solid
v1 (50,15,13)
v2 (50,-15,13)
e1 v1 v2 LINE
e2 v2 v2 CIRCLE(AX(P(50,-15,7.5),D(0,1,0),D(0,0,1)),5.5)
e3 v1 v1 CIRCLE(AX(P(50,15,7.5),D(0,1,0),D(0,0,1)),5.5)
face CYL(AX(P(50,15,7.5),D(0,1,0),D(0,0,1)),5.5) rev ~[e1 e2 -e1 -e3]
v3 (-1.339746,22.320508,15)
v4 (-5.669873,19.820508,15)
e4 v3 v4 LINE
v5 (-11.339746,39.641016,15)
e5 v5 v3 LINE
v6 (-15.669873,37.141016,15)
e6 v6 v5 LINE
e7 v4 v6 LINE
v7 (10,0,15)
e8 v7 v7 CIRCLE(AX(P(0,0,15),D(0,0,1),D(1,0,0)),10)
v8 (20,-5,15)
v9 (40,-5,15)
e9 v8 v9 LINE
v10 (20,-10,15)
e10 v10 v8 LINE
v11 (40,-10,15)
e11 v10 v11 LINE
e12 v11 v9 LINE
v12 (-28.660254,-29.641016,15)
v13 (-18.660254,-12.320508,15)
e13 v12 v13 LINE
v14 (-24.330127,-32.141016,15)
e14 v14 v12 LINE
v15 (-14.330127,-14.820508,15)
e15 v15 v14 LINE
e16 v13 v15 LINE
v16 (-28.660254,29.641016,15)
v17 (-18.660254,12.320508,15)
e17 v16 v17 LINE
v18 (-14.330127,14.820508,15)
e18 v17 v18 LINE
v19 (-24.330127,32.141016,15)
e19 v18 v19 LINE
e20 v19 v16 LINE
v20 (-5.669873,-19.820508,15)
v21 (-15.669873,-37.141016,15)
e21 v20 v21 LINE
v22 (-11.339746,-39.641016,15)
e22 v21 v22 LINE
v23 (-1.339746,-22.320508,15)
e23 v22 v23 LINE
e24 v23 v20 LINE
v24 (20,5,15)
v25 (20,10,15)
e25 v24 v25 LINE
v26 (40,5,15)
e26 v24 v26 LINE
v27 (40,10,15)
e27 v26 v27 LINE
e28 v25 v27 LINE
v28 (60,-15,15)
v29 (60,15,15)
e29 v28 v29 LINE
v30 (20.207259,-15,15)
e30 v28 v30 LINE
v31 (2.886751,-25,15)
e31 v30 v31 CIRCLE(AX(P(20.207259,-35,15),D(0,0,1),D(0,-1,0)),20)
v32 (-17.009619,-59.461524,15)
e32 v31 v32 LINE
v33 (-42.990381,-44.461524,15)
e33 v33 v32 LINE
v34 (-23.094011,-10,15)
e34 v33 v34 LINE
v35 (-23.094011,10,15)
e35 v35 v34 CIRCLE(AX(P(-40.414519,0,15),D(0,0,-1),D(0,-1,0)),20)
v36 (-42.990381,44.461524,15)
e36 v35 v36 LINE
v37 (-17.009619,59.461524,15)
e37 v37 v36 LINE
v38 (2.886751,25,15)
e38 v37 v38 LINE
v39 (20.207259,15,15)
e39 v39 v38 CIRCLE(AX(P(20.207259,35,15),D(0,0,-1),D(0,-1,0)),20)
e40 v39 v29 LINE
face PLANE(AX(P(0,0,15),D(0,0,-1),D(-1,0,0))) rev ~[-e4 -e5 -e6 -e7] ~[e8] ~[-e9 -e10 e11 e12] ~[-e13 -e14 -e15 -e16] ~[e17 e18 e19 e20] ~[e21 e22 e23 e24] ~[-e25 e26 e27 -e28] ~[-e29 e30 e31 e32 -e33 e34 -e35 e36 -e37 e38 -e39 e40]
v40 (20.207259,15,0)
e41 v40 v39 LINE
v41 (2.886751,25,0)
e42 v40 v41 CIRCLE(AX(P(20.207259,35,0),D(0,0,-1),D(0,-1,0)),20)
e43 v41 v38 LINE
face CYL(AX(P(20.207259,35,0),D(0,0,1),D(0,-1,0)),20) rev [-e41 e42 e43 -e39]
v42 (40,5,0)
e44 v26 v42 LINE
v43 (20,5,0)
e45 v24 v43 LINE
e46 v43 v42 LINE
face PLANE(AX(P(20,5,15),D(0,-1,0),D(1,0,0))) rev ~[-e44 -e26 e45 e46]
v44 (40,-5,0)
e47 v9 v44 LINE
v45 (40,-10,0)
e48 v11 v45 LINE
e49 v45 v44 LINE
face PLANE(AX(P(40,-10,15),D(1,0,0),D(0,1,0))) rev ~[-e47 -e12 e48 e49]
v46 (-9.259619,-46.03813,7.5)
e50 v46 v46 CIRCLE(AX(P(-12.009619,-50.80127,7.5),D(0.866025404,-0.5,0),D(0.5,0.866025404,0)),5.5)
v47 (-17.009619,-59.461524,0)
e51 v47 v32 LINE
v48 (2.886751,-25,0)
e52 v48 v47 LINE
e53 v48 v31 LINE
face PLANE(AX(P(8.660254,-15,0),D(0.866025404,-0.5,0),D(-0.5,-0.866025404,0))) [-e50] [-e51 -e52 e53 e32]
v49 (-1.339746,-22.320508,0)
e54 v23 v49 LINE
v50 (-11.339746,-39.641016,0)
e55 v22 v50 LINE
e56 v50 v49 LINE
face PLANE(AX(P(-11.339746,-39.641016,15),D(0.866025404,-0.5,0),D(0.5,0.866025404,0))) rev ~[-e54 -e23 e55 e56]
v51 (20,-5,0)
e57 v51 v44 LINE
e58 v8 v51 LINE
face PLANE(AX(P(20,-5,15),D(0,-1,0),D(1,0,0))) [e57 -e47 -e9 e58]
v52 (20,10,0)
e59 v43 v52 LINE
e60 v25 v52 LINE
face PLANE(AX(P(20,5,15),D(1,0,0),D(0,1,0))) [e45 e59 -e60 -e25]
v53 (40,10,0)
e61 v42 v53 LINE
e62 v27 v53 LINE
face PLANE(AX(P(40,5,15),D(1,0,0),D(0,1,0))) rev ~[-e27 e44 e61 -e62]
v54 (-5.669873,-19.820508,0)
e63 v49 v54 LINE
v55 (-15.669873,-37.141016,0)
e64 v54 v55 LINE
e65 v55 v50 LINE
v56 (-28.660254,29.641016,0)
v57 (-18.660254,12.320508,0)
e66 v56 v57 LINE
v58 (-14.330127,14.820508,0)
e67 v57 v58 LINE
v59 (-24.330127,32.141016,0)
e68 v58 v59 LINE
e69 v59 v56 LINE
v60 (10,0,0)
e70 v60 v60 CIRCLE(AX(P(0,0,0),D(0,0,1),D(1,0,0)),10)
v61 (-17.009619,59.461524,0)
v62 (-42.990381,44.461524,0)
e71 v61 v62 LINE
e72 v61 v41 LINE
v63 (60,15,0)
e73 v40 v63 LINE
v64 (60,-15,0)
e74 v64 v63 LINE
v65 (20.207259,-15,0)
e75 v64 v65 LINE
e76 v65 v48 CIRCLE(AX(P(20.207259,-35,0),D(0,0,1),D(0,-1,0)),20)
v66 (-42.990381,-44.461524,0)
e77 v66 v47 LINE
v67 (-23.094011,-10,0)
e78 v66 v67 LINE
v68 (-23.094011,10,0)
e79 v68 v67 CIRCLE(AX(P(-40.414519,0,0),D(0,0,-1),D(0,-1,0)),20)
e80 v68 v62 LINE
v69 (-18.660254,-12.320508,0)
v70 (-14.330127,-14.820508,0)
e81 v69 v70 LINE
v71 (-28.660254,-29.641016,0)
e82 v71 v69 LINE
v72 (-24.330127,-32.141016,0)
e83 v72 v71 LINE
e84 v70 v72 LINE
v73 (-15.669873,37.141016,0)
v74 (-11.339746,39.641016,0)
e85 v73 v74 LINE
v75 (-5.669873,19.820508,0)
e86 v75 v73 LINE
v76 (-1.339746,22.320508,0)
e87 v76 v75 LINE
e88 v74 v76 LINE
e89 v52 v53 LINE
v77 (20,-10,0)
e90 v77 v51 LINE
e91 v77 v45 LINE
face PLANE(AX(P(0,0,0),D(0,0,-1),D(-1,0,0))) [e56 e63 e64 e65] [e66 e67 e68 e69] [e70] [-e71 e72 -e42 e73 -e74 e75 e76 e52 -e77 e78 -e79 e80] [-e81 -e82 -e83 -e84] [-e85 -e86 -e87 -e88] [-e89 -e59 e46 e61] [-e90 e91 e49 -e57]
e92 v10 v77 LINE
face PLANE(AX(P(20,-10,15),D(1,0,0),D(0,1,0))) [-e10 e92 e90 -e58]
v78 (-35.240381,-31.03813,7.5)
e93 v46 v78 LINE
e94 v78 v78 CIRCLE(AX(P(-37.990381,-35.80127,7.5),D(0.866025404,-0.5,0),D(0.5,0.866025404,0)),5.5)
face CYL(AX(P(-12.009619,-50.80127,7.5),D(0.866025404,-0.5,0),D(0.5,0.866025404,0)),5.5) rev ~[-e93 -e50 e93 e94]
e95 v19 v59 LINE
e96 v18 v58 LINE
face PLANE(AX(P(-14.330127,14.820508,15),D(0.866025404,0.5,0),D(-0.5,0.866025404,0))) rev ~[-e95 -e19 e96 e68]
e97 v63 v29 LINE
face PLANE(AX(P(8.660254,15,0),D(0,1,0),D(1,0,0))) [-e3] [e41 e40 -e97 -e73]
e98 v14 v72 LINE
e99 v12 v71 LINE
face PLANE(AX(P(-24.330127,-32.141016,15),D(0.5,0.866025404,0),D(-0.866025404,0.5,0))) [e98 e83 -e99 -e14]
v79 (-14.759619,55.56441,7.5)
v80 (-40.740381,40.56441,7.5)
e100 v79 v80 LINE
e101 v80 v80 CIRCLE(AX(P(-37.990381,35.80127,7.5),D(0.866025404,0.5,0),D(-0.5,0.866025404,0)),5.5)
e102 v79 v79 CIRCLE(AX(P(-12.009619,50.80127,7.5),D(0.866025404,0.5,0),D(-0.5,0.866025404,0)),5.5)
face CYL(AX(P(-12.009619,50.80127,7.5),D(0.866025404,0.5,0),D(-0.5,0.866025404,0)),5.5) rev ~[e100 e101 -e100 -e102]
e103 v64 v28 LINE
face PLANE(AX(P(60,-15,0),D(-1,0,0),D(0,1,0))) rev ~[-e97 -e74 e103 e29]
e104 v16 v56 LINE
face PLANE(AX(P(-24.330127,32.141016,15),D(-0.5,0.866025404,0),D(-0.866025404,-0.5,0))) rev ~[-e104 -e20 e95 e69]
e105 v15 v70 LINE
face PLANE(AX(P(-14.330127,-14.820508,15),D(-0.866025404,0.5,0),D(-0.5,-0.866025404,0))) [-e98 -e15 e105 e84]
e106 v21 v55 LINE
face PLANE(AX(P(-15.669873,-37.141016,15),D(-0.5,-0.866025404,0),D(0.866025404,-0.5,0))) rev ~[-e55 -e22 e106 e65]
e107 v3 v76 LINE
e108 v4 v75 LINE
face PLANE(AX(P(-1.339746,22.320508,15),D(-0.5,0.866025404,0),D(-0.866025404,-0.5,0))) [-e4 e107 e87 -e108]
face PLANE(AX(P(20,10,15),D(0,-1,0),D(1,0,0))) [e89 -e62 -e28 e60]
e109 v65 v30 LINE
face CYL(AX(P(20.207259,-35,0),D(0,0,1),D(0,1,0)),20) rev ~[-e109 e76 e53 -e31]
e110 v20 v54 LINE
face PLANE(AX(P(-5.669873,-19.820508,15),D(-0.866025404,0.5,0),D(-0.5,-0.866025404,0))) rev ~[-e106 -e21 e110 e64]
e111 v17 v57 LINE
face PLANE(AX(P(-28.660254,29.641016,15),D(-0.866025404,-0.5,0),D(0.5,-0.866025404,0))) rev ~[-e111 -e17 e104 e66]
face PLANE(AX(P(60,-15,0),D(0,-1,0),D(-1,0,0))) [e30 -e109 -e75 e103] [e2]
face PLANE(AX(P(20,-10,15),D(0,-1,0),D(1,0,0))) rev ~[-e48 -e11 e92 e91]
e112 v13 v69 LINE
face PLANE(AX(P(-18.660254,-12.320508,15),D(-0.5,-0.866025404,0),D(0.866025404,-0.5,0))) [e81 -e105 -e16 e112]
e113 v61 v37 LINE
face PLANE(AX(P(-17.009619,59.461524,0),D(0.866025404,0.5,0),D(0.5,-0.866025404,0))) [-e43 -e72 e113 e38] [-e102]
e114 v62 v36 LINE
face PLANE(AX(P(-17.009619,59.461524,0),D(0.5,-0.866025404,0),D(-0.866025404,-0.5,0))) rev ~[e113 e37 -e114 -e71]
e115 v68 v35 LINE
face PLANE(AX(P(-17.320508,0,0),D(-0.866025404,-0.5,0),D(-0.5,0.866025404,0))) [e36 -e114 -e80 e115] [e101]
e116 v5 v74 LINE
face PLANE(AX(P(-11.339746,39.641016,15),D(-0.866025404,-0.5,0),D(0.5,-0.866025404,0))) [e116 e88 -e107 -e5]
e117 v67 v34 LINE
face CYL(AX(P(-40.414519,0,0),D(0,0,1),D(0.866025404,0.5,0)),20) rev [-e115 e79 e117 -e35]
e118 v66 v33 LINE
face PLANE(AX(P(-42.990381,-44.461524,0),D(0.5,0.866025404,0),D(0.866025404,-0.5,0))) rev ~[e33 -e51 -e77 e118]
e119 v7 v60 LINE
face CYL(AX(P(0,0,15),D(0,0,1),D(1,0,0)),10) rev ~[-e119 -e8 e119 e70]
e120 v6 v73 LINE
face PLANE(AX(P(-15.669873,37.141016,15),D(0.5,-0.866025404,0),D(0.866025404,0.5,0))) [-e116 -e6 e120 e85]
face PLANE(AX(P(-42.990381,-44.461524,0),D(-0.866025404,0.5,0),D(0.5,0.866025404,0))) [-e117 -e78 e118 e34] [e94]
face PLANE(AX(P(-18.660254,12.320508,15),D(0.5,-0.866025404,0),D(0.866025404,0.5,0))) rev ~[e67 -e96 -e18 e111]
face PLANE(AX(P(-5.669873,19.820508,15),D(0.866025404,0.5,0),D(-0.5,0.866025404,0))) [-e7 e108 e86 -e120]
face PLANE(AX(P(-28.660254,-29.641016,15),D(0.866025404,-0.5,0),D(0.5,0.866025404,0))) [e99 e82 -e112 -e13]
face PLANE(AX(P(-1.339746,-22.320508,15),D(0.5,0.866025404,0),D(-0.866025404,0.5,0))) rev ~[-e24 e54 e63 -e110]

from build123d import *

# Parameters (mm, degrees)
BOSS_EXTRU_4_DEPTH      = 15
ESQUISSE4_R             = 10
ESQUISSE4_W             = 20
ESQUISSE4_H             = 5
ENL_V_MAT_EXTRU_3_DEPTH = 15
ESQUISSE5_R             = 5.5
ENL_V_MAT_EXTRU_4_DEPTH = 50
CONG_10_R               = 20
CONG_11_R               = 20
CONG_12_R               = 20
ESQUISSE6_R             = 5.5
ENL_V_MAT_EXTRU_5_DEPTH = 50
ESQUISSE7_R             = 5.5
ENL_V_MAT_EXTRU_6_DEPTH = 50


with BuildPart() as part:
    # Esquisse1 → Boss.-Extru.4 (new body)
    with BuildSketch(Plane.XY):
        Polygon((60, 0), (60, -15), (8.660254038, -15), (-17.009618943, -59.461524227), (-30, -51.961524227), (-42.990381057, -44.461524227), (-17.320508076, 0), (-42.990381057, 44.461524227), (-30, 51.961524227), (-17.009618943, 59.461524227), (8.660254038, 15), (60, 15), align=None)
    extrude(amount=BOSS_EXTRU_4_DEPTH)

    # Esquisse4 → Enlèv. mat.-Extru.3 (cut)
    with BuildSketch(Plane.XY.offset(15)):
        Circle(ESQUISSE4_R)
        Polygon((-11.339745962, -39.641016151), (-1.339745962, -22.320508076), (-5.669872981, -19.820508076), (-15.669872981, -37.141016151), align=None)
        with Locations((30, 7.5)):
            Rectangle(ESQUISSE4_W, ESQUISSE4_H)
        with Locations((30, -7.5)):
            Rectangle(ESQUISSE4_W, ESQUISSE4_H)
        Polygon((-24.330127019, -32.141016151), (-28.660254038, -29.641016151), (-18.660254038, -12.320508076), (-14.330127019, -14.820508076), align=None)
        Polygon((-28.660254038, 29.641016151), (-18.660254038, 12.320508076), (-14.330127019, 14.820508076), (-24.330127019, 32.141016151), align=None)
        Polygon((-15.669872981, 37.141016151), (-11.339745962, 39.641016151), (-1.339745962, 22.320508076), (-5.669872981, 19.820508076), align=None)
    extrude(amount=-ENL_V_MAT_EXTRU_3_DEPTH, mode=Mode.SUBTRACT)

    # Esquisse5 → Enlèv. mat.-Extru.4 (cut)
    with BuildSketch(Plane(origin=(12.990381057, -7.5, 0), x_dir=(0, 0, -1), z_dir=(0.8660254037844365, -0.500000000000004, 0))):
        with Locations(Location((-7.5, -50, 0), (0, 0, 90))):
            Circle(ESQUISSE5_R)
    extrude(amount=-ENL_V_MAT_EXTRU_4_DEPTH, mode=Mode.SUBTRACT)

    # Congé10
    cong_10_edges = [part.edges().sort_by_distance(p)[0] for p in [
        (8.660254038, -15, 7.5),
    ]]
    fillet(cong_10_edges, radius=CONG_10_R)

    # Congé11
    cong_11_edges = [part.edges().sort_by_distance(p)[0] for p in [
        (8.660254038, 15, 7.5),
    ]]
    fillet(cong_11_edges, radius=CONG_11_R)

    # Congé12
    cong_12_edges = [part.edges().sort_by_distance(p)[0] for p in [
        (-17.320508076, 0, 7.5),
    ]]
    fillet(cong_12_edges, radius=CONG_12_R)

    # Esquisse6 → Enlèv. mat.-Extru.5 (cut)
    with BuildSketch(Plane(origin=(12.990381057, 7.5, 0), x_dir=(0, 0, -1), z_dir=(0.8660254037844445, 0.49999999999998984, 0))):
        with Locations(Location((-7.5, 50, 0), (0, 0, 90))):
            Circle(ESQUISSE6_R)
    extrude(amount=-ENL_V_MAT_EXTRU_5_DEPTH, mode=Mode.SUBTRACT)

    # Esquisse7 → Enlèv. mat.-Extru.6 (cut)
    with BuildSketch(Plane(origin=(0, 15, 0), x_dir=(1, 0, 0), z_dir=(0, 1, 0))):
        with Locations(Location((50, -7.5, 0), (0, 0, 270))):
            Circle(ESQUISSE7_R)
    extrude(amount=-ENL_V_MAT_EXTRU_6_DEPTH, mode=Mode.SUBTRACT)


solid = part.part
